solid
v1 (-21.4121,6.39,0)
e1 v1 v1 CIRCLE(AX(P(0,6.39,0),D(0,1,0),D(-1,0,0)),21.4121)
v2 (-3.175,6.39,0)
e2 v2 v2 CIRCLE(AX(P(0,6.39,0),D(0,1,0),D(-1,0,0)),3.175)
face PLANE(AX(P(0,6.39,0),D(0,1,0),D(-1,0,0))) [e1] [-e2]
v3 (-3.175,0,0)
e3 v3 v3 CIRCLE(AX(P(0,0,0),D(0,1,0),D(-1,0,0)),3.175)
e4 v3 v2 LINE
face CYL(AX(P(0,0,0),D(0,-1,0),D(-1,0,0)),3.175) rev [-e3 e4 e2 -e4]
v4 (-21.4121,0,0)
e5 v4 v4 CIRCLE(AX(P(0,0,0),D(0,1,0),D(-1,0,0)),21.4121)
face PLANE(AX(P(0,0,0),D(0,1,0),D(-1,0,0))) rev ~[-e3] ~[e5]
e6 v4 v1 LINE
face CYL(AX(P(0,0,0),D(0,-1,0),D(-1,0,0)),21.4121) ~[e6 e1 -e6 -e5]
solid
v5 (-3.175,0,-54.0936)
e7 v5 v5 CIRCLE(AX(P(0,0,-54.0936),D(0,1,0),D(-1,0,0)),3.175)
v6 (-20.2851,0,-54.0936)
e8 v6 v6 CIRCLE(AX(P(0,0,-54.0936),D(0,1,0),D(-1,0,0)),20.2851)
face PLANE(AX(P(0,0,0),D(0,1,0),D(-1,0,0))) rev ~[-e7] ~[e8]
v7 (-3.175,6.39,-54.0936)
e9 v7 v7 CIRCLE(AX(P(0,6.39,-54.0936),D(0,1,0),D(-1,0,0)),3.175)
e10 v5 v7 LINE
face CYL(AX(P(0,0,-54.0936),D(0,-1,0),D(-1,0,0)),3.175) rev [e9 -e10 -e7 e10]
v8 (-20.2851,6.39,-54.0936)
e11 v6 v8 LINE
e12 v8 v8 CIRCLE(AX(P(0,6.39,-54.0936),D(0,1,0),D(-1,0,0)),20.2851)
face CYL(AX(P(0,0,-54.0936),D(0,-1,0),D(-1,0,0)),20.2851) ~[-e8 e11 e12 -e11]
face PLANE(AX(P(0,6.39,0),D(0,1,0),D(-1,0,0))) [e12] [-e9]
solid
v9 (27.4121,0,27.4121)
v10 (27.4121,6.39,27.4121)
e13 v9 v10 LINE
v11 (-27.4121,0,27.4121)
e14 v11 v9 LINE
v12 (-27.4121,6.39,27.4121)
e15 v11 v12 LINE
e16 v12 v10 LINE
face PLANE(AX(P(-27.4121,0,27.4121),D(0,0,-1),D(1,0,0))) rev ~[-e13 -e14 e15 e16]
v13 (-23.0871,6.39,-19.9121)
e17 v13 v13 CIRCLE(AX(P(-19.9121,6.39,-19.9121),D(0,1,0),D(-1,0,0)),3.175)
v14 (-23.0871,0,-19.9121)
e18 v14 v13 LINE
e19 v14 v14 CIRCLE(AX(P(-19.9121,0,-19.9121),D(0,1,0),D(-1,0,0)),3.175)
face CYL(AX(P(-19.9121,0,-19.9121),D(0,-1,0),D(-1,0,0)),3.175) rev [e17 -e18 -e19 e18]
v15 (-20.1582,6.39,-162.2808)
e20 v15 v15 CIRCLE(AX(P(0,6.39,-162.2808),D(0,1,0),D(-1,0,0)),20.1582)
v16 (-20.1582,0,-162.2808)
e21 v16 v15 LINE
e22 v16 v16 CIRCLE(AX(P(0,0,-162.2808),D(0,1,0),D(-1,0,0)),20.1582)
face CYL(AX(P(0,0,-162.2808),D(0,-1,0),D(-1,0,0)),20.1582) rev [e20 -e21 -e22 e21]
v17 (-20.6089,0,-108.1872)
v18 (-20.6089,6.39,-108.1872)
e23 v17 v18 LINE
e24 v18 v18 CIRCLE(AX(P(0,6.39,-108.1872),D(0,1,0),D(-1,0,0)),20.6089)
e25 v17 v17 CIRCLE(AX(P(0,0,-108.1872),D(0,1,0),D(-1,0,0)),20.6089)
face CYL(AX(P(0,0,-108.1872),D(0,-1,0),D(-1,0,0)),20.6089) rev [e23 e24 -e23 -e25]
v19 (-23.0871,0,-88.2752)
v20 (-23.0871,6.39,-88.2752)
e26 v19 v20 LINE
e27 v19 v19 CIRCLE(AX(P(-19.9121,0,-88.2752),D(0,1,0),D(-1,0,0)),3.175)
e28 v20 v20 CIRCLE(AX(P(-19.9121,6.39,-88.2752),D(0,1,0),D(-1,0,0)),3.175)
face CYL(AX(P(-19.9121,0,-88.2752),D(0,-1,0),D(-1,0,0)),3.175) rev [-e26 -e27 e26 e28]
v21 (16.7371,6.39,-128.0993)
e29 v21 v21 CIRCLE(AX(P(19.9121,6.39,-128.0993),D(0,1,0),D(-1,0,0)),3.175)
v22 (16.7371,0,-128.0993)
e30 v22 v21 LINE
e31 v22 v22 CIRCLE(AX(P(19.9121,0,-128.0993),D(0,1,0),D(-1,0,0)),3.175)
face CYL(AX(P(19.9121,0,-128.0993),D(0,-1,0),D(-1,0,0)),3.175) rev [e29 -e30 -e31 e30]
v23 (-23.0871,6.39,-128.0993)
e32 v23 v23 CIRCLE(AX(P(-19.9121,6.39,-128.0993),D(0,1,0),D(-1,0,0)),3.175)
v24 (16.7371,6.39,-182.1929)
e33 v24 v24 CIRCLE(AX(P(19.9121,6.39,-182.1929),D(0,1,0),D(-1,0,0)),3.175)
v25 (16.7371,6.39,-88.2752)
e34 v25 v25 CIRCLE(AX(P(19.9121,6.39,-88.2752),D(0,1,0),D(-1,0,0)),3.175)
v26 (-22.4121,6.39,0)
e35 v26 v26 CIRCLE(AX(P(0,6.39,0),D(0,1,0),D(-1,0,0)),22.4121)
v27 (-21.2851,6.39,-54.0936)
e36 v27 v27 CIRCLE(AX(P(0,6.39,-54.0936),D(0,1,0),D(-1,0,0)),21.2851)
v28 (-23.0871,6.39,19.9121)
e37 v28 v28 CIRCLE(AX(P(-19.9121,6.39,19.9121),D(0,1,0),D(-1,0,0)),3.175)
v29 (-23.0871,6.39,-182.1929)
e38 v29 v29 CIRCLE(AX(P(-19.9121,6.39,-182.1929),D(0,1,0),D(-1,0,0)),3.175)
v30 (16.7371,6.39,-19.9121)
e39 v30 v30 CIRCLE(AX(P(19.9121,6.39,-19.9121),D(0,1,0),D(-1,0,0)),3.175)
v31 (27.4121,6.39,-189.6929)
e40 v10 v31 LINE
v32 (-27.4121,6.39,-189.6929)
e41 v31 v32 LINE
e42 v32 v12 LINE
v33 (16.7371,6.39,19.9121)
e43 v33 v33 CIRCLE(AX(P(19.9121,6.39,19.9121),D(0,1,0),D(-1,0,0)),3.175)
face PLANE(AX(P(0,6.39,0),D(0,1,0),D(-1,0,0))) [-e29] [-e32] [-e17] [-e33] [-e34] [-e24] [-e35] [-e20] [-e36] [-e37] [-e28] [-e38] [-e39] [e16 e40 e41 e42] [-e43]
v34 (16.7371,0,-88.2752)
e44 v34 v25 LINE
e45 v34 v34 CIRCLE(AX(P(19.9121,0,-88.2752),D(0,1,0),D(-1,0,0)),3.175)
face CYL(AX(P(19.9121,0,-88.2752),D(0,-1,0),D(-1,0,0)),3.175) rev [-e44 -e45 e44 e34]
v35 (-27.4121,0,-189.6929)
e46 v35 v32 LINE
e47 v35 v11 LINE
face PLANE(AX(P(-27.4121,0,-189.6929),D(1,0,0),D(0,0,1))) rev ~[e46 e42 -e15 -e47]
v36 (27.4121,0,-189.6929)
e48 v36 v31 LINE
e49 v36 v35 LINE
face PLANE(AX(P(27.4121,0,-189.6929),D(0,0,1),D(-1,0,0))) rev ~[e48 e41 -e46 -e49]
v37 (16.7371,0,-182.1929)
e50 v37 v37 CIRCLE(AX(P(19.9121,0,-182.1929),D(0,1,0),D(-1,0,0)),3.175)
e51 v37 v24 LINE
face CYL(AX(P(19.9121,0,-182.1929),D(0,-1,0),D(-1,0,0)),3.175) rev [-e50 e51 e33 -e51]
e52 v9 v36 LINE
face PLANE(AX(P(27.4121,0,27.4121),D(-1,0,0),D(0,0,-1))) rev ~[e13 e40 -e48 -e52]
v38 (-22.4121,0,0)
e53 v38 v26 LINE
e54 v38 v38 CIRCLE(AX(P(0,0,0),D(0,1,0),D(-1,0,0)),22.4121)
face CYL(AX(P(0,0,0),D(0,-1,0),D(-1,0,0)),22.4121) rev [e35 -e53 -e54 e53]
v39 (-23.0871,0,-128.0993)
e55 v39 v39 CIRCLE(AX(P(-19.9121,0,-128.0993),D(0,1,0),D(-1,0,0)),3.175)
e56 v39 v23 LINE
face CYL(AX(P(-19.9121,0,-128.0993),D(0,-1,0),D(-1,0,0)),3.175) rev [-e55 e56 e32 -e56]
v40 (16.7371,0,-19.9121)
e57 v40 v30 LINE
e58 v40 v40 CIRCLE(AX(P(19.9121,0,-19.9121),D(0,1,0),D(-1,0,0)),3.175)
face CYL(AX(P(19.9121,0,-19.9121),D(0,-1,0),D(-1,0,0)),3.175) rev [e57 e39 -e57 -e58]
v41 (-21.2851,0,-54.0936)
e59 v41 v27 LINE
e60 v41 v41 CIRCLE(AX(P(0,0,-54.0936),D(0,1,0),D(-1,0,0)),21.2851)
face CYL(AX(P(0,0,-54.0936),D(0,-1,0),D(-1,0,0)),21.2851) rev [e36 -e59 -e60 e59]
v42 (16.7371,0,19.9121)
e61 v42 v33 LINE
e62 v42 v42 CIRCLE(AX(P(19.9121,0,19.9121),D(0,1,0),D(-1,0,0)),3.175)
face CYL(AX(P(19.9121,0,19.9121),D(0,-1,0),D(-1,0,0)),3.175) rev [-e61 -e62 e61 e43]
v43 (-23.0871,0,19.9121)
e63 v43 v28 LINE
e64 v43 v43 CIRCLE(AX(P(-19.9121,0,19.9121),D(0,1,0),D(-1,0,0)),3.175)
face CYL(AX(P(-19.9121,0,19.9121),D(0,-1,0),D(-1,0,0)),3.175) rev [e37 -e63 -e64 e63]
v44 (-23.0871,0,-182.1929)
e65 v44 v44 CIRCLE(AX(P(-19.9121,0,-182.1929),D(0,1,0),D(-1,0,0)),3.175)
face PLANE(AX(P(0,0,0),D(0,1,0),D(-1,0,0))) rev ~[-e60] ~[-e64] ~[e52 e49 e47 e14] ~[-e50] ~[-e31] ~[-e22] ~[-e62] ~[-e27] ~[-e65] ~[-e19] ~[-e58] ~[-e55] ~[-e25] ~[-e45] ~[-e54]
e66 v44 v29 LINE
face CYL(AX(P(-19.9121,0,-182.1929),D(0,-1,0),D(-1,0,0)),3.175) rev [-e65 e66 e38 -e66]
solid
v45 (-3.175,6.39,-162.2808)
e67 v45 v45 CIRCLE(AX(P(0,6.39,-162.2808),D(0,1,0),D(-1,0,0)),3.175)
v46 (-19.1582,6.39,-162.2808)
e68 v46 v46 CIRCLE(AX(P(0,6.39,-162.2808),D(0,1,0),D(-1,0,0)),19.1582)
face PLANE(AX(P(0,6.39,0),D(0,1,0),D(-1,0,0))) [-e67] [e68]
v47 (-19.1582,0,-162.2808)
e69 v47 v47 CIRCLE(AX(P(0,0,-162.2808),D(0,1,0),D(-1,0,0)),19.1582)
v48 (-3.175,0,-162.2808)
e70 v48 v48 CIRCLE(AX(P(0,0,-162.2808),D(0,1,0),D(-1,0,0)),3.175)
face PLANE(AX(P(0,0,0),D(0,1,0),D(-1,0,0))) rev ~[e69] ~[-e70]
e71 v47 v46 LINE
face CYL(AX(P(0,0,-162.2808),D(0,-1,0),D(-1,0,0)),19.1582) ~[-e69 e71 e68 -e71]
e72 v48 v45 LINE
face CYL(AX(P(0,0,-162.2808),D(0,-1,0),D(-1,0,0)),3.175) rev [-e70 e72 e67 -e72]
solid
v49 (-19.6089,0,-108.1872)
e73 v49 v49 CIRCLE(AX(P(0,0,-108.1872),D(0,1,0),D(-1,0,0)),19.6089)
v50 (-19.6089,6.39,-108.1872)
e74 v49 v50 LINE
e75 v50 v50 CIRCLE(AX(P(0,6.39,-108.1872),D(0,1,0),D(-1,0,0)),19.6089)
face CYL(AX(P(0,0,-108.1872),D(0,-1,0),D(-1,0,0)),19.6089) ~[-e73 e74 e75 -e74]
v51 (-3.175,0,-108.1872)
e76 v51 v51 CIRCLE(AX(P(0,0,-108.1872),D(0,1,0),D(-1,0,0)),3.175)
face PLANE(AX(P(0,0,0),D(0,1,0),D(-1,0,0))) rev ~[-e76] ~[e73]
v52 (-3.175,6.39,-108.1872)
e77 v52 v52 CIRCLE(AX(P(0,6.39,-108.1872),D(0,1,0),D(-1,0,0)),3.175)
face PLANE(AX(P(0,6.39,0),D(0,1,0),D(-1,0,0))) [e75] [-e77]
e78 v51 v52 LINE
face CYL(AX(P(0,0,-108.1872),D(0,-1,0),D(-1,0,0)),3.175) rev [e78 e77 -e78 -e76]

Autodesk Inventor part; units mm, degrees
ref_plane "YZ Plane" through (0, 0, 0) normal (1, 0, 0) x (0, 1, 0)
ref_plane "XZ Plane" through (0, 0, 0) normal (0, 1, 0) x (-1, 0, 0)
ref_plane "XY Plane" through (0, 0, 0) normal (0, 0, 1) x (1, 0, 0)
sketch "Sketch1" plane through (0, 0, 0) normal (0, 1, 0) x (-1, 0, 0)
  circle A0 centre (0, 0) radius 21.4121
  circle A1 centre (0, 0) radius 16.9043 construction
  circle A2 centre (0, 0) radius 3.175
  circle A3 centre (0, 0) radius 22.4121
  circle A4 centre (0, -54.0936) radius 3.175
  circle A5 centre (0, -108.1872) radius 3.175
  circle A6 centre (0, -162.2808) radius 3.175
  circle A7 centre (0, -54.0936) radius 20.2851
  circle A8 centre (0, -54.0936) radius 21.2851
  circle A9 centre (0, -108.1872) radius 19.6089
  circle A10 centre (0, -108.1872) radius 20.6089
  circle A11 centre (0, -162.2808) radius 19.1582
  circle A12 centre (0, -162.2808) radius 20.1582
  line L0 (27.4121, 27.4121) -> (-27.4121, 27.4121)
  line L1 (-27.4121, 27.4121) -> (-27.4121, -189.6929)
  line L2 (-27.4121, -189.6929) -> (27.4121, -189.6929)
  line L3 (27.4121, -189.6929) -> (27.4121, 27.4121)
  circle A13 centre (-19.9121, 19.9121) radius 3.175
  circle A14 centre (19.9121, 19.9121) radius 3.175
  line L4 (0, 0) -> (-27.4121, 0) construction
  circle A15 centre (-19.9121, -19.9121) radius 3.175
  circle A16 centre (19.9121, -19.9121) radius 3.175
  line L5 (0, -54.0936) -> (-27.4121, -54.0936) construction
  circle A17 centre (19.9121, -88.2752) radius 3.175
  circle A18 centre (-19.9121, -88.2752) radius 3.175
  line L6 (0, -108.1872) -> (-27.4121, -108.1872) construction
  circle A19 centre (19.9121, -128.0993) radius 3.175
  circle A20 centre (-19.9121, -128.0993) radius 3.175
  line L7 (0, -162.2808) -> (-27.4121, -162.2808) construction
  circle A21 centre (19.9121, -182.1929) radius 3.175
  line L8 (0, -162.2808) -> (0, -189.6929) construction
  circle A22 centre (-19.9121, -182.1929) radius 3.175
  dimension "d1" = 42.8241
  dimension "d2" = 33.8085
  dimension "d4" = 6.35
  dimension "d11" = 44.8241
  dimension "d12" = 6.35
  dimension "d13" = 6.35
  dimension "d14" = 6.35
  dimension "d15" = 54.0936
  dimension "d16" = 54.0936
  dimension "d17" = 54.0936
  dimension "d18" = 40.5702
  dimension "d19" = 42.5702
  dimension "d20" = 39.2179
  dimension "d21" = 41.2179
  dimension "d22" = 38.3163
  dimension "d23" = 40.3163
  dimension "d31" = 27.4121
  dimension "d32" = 27.4121
  dimension "d33" = 27.4121
  dimension "d34" = 27.4121
  dimension "d37" = 6.35
  dimension "d38" = 7.5
  dimension "d39" = 7.5
  dimension "d40" = 6.35
  dimension "d41" = 7.5
  dimension "d50" = 6.35
  dimension "d51" = 7.5
extrude "Extrusion3" add sketch "Sketch1" along normal blind 6.39
equation "\"d1\" = 0.95 * d0"
equation "\"d2\" = 0.75 * d0"
equation "\"d12\" = d4"
equation "\"d13\" = d4"
equation "\"d14\" = d4"
equation "\"d15\" = 1.2 * d0"
equation "\"d16\" = d15"
equation "\"d17\" = d15"
equation "\"d18\" = 0.9 * d0"
equation "\"d20\" = 0.87 * d0"
equation "\"d22\" = 0.85 * d0"
equation "\"d32\" = d31"
equation "\"d33\" = d31"
equation "\"d34\" = d31"
equation "\"d52\" = WoodThickness"
equation "\"d0\" = 45.078"
equation "\"WoodThickness\" = 6.39"
properties part number "CouplingHeadSilicone_Cavity"
